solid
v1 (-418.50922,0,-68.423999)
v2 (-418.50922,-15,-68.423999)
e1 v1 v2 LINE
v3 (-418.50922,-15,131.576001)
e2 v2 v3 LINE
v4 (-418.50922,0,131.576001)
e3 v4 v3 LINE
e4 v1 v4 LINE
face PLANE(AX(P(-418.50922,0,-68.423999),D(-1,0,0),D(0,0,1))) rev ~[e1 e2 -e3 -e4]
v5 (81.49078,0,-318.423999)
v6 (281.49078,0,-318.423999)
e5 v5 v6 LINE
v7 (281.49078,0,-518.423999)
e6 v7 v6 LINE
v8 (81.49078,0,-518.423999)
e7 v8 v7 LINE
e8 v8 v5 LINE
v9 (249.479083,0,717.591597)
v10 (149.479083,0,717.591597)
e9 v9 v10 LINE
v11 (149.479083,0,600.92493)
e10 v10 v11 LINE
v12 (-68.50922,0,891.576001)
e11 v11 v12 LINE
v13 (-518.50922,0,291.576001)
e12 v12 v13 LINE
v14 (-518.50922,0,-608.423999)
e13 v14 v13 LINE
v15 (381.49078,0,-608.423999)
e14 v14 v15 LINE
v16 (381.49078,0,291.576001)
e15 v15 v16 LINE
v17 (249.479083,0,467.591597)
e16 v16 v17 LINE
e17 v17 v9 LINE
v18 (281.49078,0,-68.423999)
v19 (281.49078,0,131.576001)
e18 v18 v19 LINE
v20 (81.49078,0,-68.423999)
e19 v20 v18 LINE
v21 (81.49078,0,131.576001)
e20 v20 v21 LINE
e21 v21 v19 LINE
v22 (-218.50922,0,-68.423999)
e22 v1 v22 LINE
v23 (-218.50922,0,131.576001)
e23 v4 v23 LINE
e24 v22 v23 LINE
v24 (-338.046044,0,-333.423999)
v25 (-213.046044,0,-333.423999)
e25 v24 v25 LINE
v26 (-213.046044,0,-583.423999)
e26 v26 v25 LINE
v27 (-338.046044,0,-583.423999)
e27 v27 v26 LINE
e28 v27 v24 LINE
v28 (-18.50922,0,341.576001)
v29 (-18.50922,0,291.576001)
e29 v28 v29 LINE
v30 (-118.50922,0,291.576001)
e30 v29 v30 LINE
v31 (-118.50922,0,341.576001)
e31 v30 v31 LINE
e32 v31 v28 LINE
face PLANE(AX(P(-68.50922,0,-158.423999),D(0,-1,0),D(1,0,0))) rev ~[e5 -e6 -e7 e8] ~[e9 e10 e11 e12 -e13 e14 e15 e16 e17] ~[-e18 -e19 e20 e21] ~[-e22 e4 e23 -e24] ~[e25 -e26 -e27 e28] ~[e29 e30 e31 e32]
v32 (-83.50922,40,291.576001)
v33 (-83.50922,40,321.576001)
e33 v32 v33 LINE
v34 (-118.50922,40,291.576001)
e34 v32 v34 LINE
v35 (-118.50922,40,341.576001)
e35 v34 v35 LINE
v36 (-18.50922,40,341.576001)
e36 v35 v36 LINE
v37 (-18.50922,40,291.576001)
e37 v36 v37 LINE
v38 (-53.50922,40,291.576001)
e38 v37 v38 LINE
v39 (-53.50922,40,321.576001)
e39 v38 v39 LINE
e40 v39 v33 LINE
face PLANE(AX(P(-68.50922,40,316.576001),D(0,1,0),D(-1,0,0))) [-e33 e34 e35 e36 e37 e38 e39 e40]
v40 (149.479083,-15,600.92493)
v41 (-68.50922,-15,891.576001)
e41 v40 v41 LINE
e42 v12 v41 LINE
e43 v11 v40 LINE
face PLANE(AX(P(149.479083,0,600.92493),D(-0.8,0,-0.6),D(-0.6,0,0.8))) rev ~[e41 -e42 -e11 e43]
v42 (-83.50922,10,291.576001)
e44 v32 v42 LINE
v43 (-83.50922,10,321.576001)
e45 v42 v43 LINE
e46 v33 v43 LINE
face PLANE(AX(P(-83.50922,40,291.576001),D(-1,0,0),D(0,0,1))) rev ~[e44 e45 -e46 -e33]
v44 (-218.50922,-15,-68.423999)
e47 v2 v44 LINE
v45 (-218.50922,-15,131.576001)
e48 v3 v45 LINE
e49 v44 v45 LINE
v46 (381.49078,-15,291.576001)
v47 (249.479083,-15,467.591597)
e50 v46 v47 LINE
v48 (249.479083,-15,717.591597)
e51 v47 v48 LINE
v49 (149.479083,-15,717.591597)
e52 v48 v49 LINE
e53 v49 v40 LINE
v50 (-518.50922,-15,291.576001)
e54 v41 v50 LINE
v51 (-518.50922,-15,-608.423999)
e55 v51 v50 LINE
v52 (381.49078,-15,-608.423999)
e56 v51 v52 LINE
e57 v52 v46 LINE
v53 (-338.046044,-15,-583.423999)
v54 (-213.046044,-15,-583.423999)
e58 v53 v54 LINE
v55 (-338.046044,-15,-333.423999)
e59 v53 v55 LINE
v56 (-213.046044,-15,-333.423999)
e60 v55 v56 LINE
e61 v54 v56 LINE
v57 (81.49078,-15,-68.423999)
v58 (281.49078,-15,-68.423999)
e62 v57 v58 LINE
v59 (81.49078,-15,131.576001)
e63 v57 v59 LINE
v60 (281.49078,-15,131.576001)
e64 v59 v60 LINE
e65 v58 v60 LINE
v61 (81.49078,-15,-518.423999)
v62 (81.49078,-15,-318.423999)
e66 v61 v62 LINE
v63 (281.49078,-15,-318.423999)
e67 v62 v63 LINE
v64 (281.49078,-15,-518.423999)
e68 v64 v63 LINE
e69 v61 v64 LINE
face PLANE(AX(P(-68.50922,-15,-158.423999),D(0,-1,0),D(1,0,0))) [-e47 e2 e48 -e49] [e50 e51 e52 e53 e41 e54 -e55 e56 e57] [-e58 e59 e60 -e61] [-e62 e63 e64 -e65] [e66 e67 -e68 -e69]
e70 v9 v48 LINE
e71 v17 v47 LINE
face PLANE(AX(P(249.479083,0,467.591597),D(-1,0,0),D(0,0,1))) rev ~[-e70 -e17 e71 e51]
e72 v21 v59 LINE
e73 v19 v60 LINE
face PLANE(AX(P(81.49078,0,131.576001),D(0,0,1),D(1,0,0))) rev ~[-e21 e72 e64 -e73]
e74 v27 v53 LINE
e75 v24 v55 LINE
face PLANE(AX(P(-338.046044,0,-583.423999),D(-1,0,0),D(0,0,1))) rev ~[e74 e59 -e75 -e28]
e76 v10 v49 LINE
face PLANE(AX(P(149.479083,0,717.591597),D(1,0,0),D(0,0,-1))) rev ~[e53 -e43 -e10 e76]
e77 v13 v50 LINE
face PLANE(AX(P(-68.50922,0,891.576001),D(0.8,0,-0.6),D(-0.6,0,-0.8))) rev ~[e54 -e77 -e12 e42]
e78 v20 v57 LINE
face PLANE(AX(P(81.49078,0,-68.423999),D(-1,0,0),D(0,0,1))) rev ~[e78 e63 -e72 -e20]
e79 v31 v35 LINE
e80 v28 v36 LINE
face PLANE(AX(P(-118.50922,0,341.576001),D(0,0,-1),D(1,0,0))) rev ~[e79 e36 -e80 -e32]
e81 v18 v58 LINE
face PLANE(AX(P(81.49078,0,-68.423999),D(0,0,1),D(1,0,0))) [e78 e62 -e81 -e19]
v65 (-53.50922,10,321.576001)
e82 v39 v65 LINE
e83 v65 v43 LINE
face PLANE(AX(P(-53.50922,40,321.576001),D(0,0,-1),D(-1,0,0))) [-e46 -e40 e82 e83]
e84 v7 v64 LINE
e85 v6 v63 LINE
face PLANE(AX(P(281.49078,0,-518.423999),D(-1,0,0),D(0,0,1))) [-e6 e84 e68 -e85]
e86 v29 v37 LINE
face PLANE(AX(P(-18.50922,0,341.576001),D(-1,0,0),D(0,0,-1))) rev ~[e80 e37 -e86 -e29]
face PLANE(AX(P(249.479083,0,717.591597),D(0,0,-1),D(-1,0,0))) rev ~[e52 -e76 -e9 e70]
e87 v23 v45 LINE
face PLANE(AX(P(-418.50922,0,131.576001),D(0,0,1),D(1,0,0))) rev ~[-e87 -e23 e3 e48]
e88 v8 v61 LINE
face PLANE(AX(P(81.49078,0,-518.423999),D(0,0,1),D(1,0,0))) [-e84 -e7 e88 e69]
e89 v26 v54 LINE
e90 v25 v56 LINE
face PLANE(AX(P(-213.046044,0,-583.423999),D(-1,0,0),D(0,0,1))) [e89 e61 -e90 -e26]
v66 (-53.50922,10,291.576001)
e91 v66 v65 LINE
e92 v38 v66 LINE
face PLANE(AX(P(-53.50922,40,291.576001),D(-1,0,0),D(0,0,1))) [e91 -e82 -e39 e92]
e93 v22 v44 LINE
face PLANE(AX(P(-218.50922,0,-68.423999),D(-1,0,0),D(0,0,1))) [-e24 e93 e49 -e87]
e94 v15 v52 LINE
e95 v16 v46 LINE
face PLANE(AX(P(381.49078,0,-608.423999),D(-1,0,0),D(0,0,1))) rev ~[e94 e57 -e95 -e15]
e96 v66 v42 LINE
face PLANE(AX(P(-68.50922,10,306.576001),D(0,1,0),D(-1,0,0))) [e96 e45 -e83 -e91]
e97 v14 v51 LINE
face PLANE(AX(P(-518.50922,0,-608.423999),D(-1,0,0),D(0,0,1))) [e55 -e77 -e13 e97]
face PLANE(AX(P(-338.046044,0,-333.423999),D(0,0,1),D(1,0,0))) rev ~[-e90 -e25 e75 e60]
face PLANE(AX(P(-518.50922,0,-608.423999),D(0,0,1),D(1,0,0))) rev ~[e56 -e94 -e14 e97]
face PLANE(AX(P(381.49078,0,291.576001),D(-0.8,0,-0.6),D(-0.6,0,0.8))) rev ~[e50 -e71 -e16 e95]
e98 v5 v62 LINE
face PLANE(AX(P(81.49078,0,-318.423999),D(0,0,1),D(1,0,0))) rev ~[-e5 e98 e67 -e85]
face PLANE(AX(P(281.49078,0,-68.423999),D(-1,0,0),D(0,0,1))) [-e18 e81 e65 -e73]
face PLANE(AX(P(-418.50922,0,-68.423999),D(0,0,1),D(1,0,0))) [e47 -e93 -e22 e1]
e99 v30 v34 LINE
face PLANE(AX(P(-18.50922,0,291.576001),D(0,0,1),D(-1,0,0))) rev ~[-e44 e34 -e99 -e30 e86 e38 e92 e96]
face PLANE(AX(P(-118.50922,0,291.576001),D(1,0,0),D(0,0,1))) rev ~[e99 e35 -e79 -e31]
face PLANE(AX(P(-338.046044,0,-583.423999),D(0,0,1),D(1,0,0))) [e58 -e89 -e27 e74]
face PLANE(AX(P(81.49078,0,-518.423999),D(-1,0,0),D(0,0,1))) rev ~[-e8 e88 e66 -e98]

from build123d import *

# Parameters (mm, degrees)
F0_W     = 900
F0_H     = 900
F0_W_2   = 125
F0_H_2   = 250
F0_W_3   = 200
F0_H_3   = 200
F1_DEPTH = 15
F3_DEPTH = 40
F4_W     = 30
F4_H     = 30
F5_DEPTH = 30


with BuildPart() as f1:
    # F0 (on Front) → F1 (new body)
    with BuildSketch(Plane.XZ):
        with Locations((-68.50922, -158.423999)):
            Rectangle(F0_W, F0_H)
        with Locations((-275.546044, -458.423999)):
            Rectangle(F0_W_2, F0_H_2, mode=Mode.SUBTRACT)
        with Locations((-318.50922, 31.576001)):
            Rectangle(F0_W_3, F0_H_3, mode=Mode.SUBTRACT)
        with Locations((181.49078, -418.423999)):
            Rectangle(F0_W_3, F0_H_3, mode=Mode.SUBTRACT)
        with Locations((181.49078, 31.576001)):
            Rectangle(F0_W_3, F0_H_3, mode=Mode.SUBTRACT)
        Polygon((-518.50922, 291.576001), (381.49078, 291.576001), (249.479083, 467.591597), (149.479083, 600.92493), (-68.50922, 891.576001), align=None)
        Polygon((149.479083, 600.92493), (249.479083, 467.591597), (249.479083, 717.591597), (149.479083, 717.591597), align=None)
    extrude(amount=F1_DEPTH)

    # F2 (on face) → F3 (join)
    with BuildSketch(Plane(origin=(0, 0, 0), x_dir=(-1, 0, 0), z_dir=(0, 1, 0))):
        Polygon((18.50922, 291.576001), (68.50922, 291.576001), (118.50922, 291.576001), (118.50922, 341.576001), (18.50922, 341.576001), align=None)
    extrude(amount=F3_DEPTH)

    # F4 (on face) → F5 (cut)
    with BuildSketch(Plane(origin=(0, 40, 0), x_dir=(-1, 0, 0), z_dir=(0, 1, 0))):
        with Locations((68.50922, 306.576001)):
            Rectangle(F4_W, F4_H)
    extrude(amount=-F5_DEPTH, mode=Mode.SUBTRACT)


solid = f1.part
